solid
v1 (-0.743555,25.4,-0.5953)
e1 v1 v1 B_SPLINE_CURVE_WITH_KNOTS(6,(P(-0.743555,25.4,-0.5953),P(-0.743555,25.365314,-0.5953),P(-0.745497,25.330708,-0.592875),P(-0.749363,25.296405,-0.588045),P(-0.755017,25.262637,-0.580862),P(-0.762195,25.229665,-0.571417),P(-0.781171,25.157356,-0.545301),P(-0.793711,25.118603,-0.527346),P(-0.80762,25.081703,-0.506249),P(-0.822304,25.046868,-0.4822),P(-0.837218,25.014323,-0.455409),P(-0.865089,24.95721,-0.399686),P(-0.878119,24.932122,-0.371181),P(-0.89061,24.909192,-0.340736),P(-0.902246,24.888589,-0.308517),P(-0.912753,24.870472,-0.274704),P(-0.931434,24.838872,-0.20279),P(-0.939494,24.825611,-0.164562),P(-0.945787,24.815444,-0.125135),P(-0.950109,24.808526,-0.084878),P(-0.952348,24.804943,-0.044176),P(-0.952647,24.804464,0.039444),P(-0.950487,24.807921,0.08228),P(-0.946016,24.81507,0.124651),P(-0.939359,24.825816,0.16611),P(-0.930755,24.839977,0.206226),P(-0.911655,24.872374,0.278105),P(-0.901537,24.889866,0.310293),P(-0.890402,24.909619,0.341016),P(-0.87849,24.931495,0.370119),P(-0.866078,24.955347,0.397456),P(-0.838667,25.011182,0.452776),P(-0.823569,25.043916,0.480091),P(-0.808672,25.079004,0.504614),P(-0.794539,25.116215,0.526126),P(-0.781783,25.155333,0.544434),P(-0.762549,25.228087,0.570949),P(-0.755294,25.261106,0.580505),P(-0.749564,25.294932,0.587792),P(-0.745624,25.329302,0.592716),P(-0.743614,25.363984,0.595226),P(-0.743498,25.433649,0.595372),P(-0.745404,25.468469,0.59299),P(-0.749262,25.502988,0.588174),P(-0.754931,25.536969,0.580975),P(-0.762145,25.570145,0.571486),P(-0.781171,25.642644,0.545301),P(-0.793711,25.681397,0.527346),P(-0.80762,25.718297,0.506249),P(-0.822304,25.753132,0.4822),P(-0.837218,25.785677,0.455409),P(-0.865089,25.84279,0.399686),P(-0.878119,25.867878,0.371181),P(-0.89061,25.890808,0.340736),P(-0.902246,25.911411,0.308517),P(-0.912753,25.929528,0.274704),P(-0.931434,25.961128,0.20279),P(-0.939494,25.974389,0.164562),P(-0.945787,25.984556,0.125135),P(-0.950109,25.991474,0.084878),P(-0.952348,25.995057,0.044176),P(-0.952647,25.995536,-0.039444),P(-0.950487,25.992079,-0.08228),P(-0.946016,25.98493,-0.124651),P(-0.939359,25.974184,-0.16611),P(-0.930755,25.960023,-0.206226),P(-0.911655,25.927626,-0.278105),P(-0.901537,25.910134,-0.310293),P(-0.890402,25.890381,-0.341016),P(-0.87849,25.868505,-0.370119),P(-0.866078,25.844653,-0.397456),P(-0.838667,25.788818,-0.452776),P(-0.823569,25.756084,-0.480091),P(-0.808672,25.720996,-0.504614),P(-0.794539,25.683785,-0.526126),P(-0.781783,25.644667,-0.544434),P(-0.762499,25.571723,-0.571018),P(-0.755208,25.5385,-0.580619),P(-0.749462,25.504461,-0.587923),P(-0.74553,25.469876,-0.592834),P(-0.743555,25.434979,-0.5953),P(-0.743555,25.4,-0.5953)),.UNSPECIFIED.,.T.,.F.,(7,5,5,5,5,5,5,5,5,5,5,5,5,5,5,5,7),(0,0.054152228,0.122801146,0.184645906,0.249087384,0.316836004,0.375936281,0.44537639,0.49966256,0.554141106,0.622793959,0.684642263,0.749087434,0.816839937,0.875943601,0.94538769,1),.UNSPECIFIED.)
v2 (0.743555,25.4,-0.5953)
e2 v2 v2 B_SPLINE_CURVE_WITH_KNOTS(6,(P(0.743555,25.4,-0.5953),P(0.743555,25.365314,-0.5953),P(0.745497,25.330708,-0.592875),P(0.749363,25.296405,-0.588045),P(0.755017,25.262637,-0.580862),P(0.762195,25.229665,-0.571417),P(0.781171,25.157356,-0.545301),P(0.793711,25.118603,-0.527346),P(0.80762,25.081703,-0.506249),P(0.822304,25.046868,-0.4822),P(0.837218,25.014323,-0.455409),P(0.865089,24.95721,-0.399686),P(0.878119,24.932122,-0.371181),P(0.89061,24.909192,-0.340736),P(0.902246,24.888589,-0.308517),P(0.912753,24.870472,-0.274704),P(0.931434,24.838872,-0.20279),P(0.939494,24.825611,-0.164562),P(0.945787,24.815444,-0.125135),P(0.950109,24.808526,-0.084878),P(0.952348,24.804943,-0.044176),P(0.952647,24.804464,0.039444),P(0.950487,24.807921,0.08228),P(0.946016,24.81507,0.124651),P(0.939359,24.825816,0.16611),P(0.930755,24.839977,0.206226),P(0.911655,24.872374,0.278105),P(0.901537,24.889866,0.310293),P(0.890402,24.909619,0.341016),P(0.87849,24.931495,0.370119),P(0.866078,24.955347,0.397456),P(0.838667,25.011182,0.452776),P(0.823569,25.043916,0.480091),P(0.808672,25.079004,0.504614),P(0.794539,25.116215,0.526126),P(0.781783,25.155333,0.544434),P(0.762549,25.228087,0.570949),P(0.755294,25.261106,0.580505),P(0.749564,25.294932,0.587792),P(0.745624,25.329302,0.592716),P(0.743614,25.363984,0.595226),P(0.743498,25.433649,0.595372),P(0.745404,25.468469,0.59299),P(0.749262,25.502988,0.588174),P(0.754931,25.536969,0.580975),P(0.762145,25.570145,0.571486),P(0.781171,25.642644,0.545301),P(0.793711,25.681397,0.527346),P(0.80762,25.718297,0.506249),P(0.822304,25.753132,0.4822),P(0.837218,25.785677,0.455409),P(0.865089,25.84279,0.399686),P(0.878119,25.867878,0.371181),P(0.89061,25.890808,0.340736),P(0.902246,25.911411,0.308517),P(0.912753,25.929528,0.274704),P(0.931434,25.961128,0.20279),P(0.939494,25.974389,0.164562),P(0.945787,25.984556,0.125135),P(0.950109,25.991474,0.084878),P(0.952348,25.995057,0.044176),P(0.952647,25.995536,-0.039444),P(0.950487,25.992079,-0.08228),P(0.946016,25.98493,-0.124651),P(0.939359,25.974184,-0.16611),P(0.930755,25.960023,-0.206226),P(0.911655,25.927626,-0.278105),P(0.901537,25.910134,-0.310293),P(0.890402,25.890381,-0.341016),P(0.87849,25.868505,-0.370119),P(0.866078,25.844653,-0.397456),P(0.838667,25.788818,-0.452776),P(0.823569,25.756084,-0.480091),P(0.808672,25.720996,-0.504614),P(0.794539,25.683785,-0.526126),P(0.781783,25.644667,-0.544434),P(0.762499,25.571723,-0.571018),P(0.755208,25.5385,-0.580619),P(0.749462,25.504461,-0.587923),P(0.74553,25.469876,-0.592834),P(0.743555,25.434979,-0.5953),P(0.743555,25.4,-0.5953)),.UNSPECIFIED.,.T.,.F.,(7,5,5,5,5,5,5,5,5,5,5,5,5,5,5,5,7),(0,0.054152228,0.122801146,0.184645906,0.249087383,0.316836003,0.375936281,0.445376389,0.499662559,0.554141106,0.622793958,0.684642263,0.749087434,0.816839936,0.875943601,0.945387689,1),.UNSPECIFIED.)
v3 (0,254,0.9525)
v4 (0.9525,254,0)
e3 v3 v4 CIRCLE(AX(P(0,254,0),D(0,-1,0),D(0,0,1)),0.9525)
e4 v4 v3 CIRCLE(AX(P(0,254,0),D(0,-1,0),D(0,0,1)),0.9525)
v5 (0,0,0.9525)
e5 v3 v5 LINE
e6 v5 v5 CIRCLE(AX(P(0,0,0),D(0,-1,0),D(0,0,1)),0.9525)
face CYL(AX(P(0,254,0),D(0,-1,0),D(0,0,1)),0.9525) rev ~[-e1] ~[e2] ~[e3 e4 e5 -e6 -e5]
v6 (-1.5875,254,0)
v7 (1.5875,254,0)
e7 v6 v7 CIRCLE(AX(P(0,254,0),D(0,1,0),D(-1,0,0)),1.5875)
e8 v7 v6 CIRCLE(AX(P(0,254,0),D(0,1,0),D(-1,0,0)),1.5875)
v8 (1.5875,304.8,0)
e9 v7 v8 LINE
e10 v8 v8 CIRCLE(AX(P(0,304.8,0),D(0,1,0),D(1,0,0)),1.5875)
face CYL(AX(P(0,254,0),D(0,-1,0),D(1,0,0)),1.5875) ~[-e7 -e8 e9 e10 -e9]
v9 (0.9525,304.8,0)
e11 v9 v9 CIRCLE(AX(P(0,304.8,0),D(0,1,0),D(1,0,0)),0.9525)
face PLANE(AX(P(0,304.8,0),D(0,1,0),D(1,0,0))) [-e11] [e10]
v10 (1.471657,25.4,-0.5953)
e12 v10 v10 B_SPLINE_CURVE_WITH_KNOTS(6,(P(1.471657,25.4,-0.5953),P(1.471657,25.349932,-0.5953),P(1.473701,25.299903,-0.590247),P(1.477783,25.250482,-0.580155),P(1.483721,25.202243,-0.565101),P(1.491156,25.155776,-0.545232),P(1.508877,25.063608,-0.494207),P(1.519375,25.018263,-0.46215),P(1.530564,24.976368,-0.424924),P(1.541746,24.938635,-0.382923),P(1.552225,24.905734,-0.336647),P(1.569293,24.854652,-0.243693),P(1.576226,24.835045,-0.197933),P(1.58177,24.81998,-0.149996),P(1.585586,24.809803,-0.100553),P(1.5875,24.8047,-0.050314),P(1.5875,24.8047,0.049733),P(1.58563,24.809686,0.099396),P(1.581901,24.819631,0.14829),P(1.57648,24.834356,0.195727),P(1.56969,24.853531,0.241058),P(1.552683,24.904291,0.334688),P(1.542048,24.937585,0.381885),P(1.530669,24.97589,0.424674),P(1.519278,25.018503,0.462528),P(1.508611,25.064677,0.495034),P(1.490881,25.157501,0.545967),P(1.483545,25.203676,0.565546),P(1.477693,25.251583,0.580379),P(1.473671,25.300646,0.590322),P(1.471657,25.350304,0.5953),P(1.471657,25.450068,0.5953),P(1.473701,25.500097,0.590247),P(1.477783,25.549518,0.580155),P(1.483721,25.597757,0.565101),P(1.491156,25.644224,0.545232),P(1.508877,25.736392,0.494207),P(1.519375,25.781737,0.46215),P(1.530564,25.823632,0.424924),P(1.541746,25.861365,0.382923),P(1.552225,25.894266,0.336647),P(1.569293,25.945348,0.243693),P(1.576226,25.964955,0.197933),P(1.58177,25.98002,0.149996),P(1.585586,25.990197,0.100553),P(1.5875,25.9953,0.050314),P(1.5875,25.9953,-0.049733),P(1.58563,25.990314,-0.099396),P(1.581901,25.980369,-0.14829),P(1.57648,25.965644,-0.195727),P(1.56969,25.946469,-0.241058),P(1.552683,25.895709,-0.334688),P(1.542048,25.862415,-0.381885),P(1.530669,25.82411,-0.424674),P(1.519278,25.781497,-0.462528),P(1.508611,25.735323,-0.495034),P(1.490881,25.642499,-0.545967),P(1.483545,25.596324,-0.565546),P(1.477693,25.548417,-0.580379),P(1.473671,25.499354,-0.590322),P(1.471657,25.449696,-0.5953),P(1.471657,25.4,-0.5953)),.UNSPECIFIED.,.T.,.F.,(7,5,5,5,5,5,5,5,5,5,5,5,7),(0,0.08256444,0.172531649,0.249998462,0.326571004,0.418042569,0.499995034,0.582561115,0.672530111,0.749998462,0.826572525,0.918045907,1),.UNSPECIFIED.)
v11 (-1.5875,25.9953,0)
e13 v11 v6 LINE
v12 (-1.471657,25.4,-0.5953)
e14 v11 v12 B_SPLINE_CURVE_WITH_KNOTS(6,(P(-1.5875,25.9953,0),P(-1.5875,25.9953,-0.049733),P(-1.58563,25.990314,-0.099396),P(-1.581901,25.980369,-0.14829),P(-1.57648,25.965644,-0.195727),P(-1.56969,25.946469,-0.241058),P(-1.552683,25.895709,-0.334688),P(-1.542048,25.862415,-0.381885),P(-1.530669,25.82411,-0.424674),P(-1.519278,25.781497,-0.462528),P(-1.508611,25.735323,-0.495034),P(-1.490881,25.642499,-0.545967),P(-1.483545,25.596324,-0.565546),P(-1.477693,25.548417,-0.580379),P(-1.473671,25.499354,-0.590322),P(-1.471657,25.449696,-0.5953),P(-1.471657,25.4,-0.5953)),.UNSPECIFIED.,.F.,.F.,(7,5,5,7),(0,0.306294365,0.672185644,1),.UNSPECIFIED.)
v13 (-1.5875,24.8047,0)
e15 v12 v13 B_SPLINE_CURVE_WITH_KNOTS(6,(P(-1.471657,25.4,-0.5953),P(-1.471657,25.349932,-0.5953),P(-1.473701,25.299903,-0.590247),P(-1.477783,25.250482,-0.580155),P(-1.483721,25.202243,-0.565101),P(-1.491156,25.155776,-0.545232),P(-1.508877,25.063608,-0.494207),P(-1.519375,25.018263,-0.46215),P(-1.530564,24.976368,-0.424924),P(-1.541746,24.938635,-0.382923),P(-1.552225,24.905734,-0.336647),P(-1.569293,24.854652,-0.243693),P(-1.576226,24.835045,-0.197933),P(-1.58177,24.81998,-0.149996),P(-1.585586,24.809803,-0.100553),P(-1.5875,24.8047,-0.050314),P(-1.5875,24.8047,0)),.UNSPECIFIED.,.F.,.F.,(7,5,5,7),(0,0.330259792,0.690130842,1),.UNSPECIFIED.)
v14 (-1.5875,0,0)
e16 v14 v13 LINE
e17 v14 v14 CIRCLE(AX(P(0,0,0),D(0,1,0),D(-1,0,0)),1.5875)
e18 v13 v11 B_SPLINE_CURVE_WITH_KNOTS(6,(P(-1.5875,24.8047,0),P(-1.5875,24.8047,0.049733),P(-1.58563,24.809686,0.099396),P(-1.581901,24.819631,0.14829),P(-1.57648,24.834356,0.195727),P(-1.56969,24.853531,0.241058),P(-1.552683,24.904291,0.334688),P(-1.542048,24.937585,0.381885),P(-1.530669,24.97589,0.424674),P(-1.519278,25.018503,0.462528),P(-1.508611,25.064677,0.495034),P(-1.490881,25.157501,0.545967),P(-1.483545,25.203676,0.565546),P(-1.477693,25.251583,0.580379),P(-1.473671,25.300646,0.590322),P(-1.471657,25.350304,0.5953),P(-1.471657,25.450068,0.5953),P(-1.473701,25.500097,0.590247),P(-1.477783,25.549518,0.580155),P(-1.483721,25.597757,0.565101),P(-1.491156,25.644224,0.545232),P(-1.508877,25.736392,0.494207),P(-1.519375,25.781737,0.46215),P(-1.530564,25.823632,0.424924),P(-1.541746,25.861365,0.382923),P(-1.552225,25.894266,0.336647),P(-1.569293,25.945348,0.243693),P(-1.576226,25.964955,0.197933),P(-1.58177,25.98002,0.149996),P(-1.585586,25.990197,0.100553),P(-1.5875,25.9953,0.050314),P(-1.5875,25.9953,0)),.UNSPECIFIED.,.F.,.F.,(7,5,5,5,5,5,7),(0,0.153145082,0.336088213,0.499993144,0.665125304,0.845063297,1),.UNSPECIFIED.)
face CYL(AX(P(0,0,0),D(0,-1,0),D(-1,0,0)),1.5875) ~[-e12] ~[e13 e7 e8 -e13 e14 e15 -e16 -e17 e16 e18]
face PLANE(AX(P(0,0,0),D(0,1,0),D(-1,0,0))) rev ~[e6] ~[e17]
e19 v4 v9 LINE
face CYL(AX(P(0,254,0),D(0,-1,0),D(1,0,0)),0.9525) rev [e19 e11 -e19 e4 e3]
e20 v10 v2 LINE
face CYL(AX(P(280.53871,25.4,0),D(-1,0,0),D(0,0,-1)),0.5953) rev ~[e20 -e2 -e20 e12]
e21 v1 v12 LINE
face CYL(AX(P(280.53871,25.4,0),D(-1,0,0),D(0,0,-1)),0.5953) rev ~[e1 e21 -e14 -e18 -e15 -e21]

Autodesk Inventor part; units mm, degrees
ref_plane "YZ Plane" through (0, 0, 0) normal (1, 0, 0) x (0, 1, 0)
ref_plane "XZ Plane" through (0, 0, 0) normal (0, 1, 0) x (-1, 0, 0)
ref_plane "XY Plane" through (0, 0, 0) normal (0, 0, 1) x (1, 0, 0)
sketch "Sketch1" plane through (0, 0, 0) normal (0, 1, 0) x (-1, 0, 0)
  circle A0 centre (0, 0) radius 1.5875
  dimension "d0" = 3.175
extrude "Extrusion1" add sketch "Sketch1" along normal blind 254
sketch "Sketch9" plane through (0, 0, 0) normal (1, 0, 0) x (0, 1, 0)
  line L0 (0, -1.5875) -> (0, 1.5875) projected
  line L1 (254, -1.5875) -> (254, 1.5875) projected
  line L2 (254, 0) -> (228.6, 0)
  line L3 (0, 0) -> (25.4, 0)
  dimension "d42" = 25.4
  dimension "d43" = 25.4
hole "Hole5" at (0, 25.4, 0) direction (-1, 0, 0) diameter 1.1906 end through all both
hole "Hole6" [suppressed]
sketch "Sketch10" plane through (0, 254, 0) normal (0, 1, 0) x (1, 0, 0)
  circle A0 centre (0, 0) radius 1.5875 projected
hole "Hole7" at (0, 254, 0) direction (0, -1, 0) diameter 1.905 end through all
thread "Thread28" size "M3.5x0.6" class "6g" standard "ISO Metric profile" length 6.35 offset 27.94
thread "Thread29" size "M3.5x0.6" class "6g" standard "ISO Metric profile" length 6.35 offset 39.878
thread "Thread30" size "M3.5x0.6" class "6g" standard "ISO Metric profile" length 6.35 offset 51.816
thread "Thread31" size "M3.5x0.6" class "6g" standard "ISO Metric profile" length 6.35 offset 63.754
thread "Thread32" size "M3.5x0.6" class "6g" standard "ISO Metric profile" length 6.35 offset 75.692
thread "Thread33" size "M3.5x0.6" class "6g" standard "ISO Metric profile" length 6.35 offset 87.63
thread "Thread34" size "M3.5x0.6" class "6g" standard "ISO Metric profile" length 6.35 offset 99.568
thread "Thread35" size "M3.5x0.6" class "6g" standard "ISO Metric profile" length 6.35 offset 111.506
thread "Thread36" size "M3.5x0.6" class "6g" standard "ISO Metric profile" length 6.35 offset 122.936
thread "Thread37" size "M3.5x0.6" class "6g" standard "ISO Metric profile" length 6.35 offset 134.112
thread "Thread38" size "M3.5x0.6" class "6g" standard "ISO Metric profile" length 22.86
sketch "Sketch14" plane through (0, 254, 0) normal (0, 1, 0) x (1, 0, 0)
  circle A0 centre (0, 0) radius 1.5875 projected
  circle A1 centre (0, 0) radius 0.9525 projected
extrude "Extrusion3" add sketch "Sketch14" along normal blind 50.8
thread "Thread39" size "M3.5x0.6" class "6g" standard "ISO Metric profile" length 12.7
properties part number "burder_rod_2"
